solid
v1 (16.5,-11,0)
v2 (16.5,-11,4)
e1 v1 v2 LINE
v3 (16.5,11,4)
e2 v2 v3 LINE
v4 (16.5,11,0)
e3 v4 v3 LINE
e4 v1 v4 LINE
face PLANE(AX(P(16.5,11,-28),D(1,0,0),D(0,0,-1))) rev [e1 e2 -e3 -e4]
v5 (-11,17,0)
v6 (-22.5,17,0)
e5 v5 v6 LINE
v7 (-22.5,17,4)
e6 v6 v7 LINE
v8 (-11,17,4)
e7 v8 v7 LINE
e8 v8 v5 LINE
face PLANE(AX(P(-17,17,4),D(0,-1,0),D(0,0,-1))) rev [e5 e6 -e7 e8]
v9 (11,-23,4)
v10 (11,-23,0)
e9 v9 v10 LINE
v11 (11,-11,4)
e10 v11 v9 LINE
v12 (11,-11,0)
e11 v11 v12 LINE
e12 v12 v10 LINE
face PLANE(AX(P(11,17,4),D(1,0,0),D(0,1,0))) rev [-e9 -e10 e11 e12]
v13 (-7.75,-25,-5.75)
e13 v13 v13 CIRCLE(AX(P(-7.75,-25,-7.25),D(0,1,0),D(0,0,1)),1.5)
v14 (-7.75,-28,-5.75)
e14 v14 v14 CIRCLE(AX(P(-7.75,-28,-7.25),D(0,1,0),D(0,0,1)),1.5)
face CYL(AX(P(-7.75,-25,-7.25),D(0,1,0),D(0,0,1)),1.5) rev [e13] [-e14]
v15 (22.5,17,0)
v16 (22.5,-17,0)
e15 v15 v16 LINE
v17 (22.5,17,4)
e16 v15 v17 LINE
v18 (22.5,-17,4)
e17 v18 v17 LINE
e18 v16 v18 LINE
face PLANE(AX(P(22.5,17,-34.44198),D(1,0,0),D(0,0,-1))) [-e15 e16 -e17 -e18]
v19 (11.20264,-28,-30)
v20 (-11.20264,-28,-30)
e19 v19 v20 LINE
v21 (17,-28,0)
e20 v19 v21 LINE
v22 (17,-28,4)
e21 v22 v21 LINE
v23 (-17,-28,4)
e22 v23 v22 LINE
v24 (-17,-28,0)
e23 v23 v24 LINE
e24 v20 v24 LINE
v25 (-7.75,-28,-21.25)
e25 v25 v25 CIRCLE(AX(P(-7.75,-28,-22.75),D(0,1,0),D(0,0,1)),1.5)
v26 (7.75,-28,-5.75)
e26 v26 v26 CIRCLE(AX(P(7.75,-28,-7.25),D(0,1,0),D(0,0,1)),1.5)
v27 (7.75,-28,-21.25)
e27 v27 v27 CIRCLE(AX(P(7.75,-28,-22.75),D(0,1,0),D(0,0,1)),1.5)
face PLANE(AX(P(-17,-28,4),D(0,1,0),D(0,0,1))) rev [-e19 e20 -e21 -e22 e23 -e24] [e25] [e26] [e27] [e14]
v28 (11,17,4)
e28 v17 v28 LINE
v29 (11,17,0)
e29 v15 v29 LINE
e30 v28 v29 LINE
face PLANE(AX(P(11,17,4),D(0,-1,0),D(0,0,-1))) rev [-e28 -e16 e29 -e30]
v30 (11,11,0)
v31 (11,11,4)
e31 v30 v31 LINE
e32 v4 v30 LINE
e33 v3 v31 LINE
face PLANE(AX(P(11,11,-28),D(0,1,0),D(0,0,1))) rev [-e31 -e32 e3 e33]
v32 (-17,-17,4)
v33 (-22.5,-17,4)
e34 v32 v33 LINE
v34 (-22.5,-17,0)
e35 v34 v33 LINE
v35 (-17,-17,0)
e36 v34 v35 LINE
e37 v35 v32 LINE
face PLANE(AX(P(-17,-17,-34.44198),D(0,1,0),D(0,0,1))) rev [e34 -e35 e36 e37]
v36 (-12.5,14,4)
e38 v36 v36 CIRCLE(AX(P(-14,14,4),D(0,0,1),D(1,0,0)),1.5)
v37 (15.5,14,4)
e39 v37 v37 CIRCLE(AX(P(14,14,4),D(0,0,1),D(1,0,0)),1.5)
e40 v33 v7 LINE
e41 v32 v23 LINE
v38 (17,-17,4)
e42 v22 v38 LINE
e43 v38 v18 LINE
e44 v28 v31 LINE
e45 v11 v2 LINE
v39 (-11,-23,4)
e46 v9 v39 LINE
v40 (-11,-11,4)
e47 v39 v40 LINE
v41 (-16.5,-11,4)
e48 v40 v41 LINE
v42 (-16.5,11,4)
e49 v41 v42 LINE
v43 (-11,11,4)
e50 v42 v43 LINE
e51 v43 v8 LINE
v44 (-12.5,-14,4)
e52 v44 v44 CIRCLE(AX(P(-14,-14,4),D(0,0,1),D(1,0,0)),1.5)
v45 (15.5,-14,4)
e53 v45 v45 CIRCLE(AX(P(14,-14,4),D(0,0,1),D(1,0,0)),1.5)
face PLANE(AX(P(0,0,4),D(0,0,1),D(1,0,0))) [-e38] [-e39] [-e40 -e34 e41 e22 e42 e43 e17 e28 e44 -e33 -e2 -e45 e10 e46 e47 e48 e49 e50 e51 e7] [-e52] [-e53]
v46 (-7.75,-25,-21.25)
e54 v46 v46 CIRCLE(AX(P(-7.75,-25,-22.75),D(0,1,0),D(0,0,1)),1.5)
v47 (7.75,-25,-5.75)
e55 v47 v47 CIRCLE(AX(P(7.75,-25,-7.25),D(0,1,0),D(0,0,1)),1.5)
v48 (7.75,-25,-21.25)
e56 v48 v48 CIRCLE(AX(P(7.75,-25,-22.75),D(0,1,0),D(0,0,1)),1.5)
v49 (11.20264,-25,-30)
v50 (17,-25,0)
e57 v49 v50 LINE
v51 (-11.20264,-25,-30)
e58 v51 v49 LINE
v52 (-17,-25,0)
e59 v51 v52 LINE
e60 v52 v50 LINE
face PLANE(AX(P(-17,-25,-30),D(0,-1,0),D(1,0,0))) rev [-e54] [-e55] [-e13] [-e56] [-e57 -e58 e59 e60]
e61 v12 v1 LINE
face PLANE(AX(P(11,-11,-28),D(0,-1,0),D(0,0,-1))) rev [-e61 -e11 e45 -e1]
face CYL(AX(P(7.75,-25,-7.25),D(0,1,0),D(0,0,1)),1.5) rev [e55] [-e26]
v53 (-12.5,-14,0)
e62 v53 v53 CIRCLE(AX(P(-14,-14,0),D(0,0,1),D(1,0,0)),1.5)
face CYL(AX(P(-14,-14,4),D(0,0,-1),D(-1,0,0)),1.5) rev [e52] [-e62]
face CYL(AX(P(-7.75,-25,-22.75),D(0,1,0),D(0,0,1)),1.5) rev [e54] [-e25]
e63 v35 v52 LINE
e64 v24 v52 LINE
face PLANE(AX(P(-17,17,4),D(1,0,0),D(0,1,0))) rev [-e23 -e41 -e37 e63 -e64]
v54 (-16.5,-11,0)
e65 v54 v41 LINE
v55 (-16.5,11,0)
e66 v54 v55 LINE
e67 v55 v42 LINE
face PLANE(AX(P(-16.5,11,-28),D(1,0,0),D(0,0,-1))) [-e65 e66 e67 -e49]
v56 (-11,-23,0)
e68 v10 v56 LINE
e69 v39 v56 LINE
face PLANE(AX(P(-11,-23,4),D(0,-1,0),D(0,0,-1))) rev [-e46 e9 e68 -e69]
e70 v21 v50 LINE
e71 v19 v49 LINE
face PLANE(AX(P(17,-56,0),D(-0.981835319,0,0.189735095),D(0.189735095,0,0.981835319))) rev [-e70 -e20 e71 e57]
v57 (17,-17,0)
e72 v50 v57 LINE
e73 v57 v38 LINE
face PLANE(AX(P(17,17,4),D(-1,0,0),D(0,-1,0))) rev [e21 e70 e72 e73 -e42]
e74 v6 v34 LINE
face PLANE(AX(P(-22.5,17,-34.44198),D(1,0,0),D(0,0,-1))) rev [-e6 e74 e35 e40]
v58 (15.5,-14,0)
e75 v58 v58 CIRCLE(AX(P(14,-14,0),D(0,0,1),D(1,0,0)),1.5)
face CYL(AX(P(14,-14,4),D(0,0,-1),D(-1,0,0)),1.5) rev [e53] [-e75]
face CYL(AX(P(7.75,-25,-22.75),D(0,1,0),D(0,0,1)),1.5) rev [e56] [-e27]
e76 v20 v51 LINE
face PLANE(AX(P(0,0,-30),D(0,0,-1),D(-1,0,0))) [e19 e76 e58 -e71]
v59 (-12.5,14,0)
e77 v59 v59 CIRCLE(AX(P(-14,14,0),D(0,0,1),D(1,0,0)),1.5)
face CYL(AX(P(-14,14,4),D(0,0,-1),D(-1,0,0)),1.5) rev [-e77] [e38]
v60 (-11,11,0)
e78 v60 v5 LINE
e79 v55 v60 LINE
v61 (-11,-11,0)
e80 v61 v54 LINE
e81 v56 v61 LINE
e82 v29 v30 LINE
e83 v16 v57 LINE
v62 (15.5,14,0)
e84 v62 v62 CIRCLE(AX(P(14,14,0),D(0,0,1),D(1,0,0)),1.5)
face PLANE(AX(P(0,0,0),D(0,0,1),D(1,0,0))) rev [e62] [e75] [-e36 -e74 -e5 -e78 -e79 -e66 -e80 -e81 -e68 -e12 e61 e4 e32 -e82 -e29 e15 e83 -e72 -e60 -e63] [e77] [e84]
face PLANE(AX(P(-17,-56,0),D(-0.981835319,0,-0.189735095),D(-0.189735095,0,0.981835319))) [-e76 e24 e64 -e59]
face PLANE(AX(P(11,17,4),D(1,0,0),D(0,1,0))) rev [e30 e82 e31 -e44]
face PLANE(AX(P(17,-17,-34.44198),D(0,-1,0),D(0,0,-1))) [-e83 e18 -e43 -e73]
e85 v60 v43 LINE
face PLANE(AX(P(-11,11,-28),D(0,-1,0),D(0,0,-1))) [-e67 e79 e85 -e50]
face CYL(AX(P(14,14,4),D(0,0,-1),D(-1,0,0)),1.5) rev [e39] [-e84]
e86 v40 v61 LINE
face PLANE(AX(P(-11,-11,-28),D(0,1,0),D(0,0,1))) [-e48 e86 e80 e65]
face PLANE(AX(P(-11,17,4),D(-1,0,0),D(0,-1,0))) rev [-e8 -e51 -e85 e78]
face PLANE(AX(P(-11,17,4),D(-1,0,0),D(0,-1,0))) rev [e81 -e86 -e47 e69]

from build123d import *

# Parameters (mm, degrees)
SKETCH1_R             = 1.5
BOSS_EXTRUDE1_DEPTH   = 4
SKETCH2_W             = 34
SKETCH2_H             = 3
BOSS_EXTRUDE2_DEPTH   = 30
F_3_0MM_DOWEL_HOLE1_D = 3
CIRPATTERN1_COUNT     = 4
CUT_EXTRUDE1_DEPTH    = 31
SKETCH7_W             = 5.5
SKETCH7_H             = 34
BOSS_EXTRUDE3_DEPTH   = 4
SKETCH8_W             = 5.5
SKETCH8_H             = 22
CUT_EXTRUDE2_DEPTH    = 32


with BuildPart() as part:
    # Sketch1 → Boss-Extrude1 (new body)
    with BuildSketch(Plane.XY):
        Polygon((11, 17), (17, 17), (17, -28), (-17, -28), (-17, 17), (-11, 17), (-11, -23), (11, -23), align=None)
        with Locations((-14, 14)):
            Circle(SKETCH1_R, mode=Mode.SUBTRACT)
        with Locations((14, 14)):
            Circle(SKETCH1_R, mode=Mode.SUBTRACT)
        with Locations((14, -14)):
            Circle(SKETCH1_R, mode=Mode.SUBTRACT)
        with Locations((-14, -14)):
            Circle(SKETCH1_R, mode=Mode.SUBTRACT)
    extrude(amount=BOSS_EXTRUDE1_DEPTH)

    # Sketch2 → Boss-Extrude2 (add)
    with BuildSketch(Plane(origin=(0, 0, 0), x_dir=(-1, 0, 0), z_dir=(0, 0, -1))):
        with Locations((0, -26.5)):
            Rectangle(SKETCH2_W, SKETCH2_H)
    extrude(amount=BOSS_EXTRUDE2_DEPTH)

    # Ø3.0mm Dowel Hole1 (through all)
    with Locations(Plane(origin=(0, -25, 0), x_dir=(1, 0, 0), z_dir=(0, 1, 0))):
        with Locations((7.75, 22.75)):
            f_3_0mm_dowel_hole1 = Hole(F_3_0MM_DOWEL_HOLE1_D / 2)

    # CirPattern1: Ø3.0mm Dowel Hole1 ×4 about axis
    cirpattern1_axis = Axis((0, 0, -15), (0, 1, 0))
    for i in range(1, CIRPATTERN1_COUNT):
        add(f_3_0mm_dowel_hole1.rotate(cirpattern1_axis, i * 360 / CIRPATTERN1_COUNT), mode=Mode.SUBTRACT)

    # Sketch6 → Cut-Extrude1 (cut)
    with BuildSketch(Plane(origin=(0, -25, 0), x_dir=(1, 0, 0), z_dir=(0, 1, 0))):
        Polygon((17, 0), (11.20263996, 30), (17, 30), align=None)
    cut_extrude1 = extrude(amount=-CUT_EXTRUDE1_DEPTH, mode=Mode.SUBTRACT)

    # Mirror1: Cut-Extrude1 across plane
    add(cut_extrude1.mirror(Plane(origin=(0, 0, 0), x_dir=(0, 0, 1), z_dir=(1, 0, 0))), mode=Mode.SUBTRACT)

    # Sketch7 → Boss-Extrude3 (add)
    with BuildSketch(Plane.XY.offset(4)):
        with Locations((19.75, 0)):
            Rectangle(SKETCH7_W, SKETCH7_H)
    boss_extrude3 = extrude(amount=-BOSS_EXTRUDE3_DEPTH)

    # Sketch8 → Cut-Extrude2 (cut)
    with BuildSketch(Plane.XY.offset(4)):
        with Locations((13.75, 0)):
            Rectangle(SKETCH8_W, SKETCH8_H)
    cut_extrude2 = extrude(amount=-CUT_EXTRUDE2_DEPTH, mode=Mode.SUBTRACT)

    # Mirror2: Boss-Extrude3 across plane
    add(boss_extrude3.mirror(Plane(origin=(0, 0, 0), x_dir=(0, 0, 1), z_dir=(1, 0, 0))))

    # Mirror3: Cut-Extrude2 across plane
    add(cut_extrude2.mirror(Plane(origin=(0, 0, 0), x_dir=(0, 0, 1), z_dir=(1, 0, 0))), mode=Mode.SUBTRACT)


solid = part.part
